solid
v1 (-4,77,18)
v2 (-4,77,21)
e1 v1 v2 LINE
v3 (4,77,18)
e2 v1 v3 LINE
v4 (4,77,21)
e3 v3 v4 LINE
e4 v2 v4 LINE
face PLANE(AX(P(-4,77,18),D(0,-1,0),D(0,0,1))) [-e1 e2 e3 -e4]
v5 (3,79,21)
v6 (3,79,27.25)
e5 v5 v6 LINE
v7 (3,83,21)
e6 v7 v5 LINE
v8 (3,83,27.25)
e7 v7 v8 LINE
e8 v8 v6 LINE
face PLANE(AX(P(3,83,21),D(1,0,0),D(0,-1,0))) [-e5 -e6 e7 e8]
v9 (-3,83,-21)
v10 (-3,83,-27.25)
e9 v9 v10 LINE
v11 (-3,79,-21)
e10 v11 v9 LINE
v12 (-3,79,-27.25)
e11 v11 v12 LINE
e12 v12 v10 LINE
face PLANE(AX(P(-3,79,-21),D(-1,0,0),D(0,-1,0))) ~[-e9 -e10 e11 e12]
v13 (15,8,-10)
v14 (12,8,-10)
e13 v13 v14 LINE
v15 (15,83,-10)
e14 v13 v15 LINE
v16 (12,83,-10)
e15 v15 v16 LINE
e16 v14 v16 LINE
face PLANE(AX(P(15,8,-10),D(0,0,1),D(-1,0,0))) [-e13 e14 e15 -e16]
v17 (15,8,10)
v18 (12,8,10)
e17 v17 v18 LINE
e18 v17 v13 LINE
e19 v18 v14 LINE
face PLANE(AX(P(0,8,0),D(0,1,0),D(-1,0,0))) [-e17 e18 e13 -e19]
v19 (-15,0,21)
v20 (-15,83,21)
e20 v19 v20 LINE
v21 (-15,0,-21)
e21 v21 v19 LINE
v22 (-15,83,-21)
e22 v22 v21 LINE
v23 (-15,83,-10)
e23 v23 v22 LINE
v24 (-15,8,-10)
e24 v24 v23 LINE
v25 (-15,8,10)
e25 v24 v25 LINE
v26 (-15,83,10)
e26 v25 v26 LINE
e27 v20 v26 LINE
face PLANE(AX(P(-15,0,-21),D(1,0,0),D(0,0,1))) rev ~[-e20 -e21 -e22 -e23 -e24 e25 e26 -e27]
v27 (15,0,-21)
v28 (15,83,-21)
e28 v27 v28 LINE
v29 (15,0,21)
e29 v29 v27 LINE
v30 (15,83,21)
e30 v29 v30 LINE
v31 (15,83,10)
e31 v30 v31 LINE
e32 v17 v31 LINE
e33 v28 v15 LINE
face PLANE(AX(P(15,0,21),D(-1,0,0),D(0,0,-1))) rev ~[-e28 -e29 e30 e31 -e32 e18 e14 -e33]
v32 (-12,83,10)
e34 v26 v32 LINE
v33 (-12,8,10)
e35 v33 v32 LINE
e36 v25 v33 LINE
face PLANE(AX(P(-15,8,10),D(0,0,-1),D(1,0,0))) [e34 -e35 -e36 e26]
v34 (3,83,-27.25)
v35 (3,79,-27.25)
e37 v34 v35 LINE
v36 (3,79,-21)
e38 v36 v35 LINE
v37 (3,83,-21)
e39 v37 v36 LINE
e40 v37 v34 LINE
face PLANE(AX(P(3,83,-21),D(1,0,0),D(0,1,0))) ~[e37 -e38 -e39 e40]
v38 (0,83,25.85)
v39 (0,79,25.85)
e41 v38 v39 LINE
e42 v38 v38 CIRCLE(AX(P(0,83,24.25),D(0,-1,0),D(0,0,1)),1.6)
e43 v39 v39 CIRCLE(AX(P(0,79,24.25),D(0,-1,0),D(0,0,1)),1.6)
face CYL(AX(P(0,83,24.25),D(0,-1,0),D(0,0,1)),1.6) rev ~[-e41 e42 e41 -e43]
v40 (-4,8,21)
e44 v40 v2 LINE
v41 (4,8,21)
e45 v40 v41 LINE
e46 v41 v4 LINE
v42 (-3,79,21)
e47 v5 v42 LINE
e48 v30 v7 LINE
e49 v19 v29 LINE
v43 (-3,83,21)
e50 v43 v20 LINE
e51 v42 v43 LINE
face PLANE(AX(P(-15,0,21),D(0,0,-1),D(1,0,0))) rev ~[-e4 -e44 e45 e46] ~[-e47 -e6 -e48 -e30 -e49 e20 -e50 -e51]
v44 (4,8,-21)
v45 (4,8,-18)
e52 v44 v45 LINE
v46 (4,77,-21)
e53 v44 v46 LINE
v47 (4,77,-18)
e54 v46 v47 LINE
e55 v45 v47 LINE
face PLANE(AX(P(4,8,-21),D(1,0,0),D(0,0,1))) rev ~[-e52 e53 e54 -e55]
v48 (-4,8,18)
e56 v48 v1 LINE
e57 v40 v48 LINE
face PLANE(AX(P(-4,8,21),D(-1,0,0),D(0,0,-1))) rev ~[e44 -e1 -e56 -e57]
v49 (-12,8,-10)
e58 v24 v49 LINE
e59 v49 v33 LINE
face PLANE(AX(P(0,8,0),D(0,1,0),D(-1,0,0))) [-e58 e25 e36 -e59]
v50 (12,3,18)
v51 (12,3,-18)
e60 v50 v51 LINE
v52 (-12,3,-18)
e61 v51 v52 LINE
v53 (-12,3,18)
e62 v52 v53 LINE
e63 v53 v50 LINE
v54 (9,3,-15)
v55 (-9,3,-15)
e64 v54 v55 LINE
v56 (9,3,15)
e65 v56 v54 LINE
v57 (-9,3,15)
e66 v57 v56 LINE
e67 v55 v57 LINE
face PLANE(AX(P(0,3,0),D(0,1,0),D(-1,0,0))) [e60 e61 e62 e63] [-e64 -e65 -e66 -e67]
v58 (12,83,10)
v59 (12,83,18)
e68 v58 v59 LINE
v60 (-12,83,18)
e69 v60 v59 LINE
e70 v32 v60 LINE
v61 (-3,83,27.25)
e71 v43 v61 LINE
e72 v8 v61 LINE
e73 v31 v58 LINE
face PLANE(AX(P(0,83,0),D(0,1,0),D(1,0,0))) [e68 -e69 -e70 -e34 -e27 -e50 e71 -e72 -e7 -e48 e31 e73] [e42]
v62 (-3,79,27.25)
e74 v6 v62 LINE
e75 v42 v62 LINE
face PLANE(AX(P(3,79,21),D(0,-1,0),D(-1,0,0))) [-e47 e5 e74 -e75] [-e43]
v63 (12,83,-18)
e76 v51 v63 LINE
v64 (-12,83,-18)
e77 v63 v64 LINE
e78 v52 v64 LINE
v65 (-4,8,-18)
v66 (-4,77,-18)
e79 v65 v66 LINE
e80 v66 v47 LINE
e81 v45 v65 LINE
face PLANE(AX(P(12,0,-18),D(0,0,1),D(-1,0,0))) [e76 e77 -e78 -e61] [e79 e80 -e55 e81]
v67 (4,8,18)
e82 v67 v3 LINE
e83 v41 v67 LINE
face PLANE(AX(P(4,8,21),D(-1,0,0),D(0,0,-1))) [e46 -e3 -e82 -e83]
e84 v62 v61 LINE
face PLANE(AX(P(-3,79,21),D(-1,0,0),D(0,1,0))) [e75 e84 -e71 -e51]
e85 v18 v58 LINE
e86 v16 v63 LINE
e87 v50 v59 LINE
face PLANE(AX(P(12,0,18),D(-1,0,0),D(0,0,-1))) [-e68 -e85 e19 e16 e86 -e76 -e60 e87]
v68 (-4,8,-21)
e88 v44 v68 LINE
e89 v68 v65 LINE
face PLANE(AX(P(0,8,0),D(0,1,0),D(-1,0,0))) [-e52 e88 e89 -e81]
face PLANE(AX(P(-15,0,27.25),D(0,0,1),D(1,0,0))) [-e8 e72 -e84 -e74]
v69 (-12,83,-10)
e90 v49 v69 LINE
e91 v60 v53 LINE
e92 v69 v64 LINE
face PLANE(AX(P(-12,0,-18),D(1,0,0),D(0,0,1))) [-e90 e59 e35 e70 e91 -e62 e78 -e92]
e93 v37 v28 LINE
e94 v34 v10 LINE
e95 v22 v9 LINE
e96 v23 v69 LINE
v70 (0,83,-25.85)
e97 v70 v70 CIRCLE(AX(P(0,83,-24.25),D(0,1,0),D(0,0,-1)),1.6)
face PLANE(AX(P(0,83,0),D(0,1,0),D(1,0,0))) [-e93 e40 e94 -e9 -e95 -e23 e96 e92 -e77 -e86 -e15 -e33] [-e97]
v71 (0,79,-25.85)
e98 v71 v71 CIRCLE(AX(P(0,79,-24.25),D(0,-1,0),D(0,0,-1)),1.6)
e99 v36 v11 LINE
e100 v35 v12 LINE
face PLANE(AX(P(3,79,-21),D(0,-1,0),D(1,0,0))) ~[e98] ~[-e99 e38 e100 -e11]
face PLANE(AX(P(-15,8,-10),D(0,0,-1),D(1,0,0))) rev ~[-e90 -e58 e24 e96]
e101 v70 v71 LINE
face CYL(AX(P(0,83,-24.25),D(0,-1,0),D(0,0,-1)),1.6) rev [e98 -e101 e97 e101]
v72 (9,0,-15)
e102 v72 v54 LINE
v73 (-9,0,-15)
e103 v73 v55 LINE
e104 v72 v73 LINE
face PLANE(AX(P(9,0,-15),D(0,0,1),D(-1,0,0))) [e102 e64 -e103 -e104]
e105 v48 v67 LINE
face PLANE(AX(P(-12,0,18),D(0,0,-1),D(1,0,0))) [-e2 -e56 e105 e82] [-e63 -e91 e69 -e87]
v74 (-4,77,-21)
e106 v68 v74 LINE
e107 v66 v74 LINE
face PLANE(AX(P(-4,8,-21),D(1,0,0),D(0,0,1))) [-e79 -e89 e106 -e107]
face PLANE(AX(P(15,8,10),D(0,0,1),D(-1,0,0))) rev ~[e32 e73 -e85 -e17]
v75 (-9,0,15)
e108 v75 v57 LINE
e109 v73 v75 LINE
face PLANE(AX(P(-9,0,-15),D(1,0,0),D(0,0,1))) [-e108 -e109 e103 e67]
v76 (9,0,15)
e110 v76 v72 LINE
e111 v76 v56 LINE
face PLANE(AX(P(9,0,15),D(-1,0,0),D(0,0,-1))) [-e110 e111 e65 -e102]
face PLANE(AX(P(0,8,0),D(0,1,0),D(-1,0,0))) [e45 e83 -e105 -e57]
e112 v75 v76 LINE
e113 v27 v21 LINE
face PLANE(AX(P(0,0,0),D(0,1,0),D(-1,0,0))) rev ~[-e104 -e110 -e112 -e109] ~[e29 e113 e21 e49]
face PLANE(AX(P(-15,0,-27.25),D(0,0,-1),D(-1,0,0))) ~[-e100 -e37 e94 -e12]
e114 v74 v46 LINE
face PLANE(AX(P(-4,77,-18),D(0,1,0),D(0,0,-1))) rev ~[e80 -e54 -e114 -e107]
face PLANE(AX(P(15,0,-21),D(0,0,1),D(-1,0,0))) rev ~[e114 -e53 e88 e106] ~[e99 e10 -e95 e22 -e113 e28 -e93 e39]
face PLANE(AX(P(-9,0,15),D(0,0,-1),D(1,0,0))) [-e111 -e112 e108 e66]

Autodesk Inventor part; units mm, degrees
ref_plane "YZ Plane" through (0, 0, 0) normal (1, 0, 0) x (0, 1, 0)
ref_plane "XZ Plane" through (0, 0, 0) normal (0, 1, 0) x (-1, 0, 0)
ref_plane "XY Plane" through (0, 0, 0) normal (0, 0, 1) x (1, 0, 0)
sketch "Szkic1" plane through (0, 0, 0) normal (0, 1, 0) x (-1, 0, 0)
  line L0 (12, 18) -> (-12, 18)
  line L1 (-12, 18) -> (-12, -18)
  line L2 (-12, -18) -> (12, -18)
  line L3 (12, -18) -> (12, 18)
  line L4 (12, 18) -> (-12, -18) construction
  line L5 (-12, 18) -> (12, -18) construction
  line L6 (15, 21) -> (-15, 21)
  line L7 (-15, 21) -> (-15, -21)
  line L8 (-15, -21) -> (15, -21)
  line L9 (15, -21) -> (15, 21)
  line L10 (15, 21) -> (-15, -21) construction
  line L11 (-15, 21) -> (15, -21) construction
  line L12 (9, 15) -> (-9, 15)
  line L13 (-9, 15) -> (-9, -15)
  line L14 (-9, -15) -> (9, -15)
  line L15 (9, -15) -> (9, 15)
  line L16 (9, 15) -> (-9, -15) construction
  line L17 (-9, 15) -> (9, -15) construction
  point P0 (0, 0)
  dimension "d0" = 24
  dimension "d1" = 36
  dimension "d2" = 42
  dimension "d3" = 30
  dimension "d4" = 18
  dimension "d5" = 30
extrude "Wyciągnięcie proste1" add sketch "Szkic1" along normal blind 3 contours L3 L2 L1 L0
extrude "Wyciągnięcie proste2" add sketch "Szkic1" along normal blind 8 contours L9 L8 L7 L6
sketch "Szkic2" plane through (0, 8, 0) normal (0, 1, 0) x (1, 0, 0)
  line L0 (-15, 21) -> (-15, -21) projected
  line L1 (-12, -18) -> (12, -18) projected
  line L2 (-15, -21) -> (-4, -21)
  line L3 (-4, -21) -> (-4, -18)
  line L4 (-4, -18) -> (-15, -18)
  line L5 (-15, -18) -> (-15, -21)
  line L6 (-12, -18) -> (-15, -18)
  line L7 (-15, -18) -> (-15, -10)
  line L8 (-15, -10) -> (-12, -10)
  line L9 (-12, -10) -> (-12, -18)
  line L10 (-15, -21) -> (-15, -10)
  line L11 (0, 0) -> (-18.1992, 0)
  line L12 (-15, 21) -> (-4, 21)
  line L13 (-4, 21) -> (-4, 18)
  line L14 (-4, 18) -> (-15, 18)
  line L15 (-15, 10) -> (-12, 10)
  line L16 (-12, 10) -> (-12, 18)
  line L17 (4, 18) -> (15, 18)
  line L18 (4, 21) -> (4, 18)
  line L19 (15, 21) -> (4, 21)
  line L20 (15, 21) -> (15, 10)
  line L21 (15, 10) -> (12, 10)
  line L22 (12, 10) -> (12, 18)
  line L23 (12, -10) -> (12, -18)
  line L24 (15, -10) -> (12, -10)
  line L25 (4, -18) -> (15, -18)
  line L26 (15, -21) -> (4, -21)
  line L27 (4, -21) -> (4, -18)
  line L28 (15, -21) -> (15, 21) projected
  line L29 (15, -21) -> (15, -10)
  point P0 (-4, -19.5)
  point P1 (4, 19.5)
  dimension "d10" = 11
  dimension "d11" = 8
  dimension "d12" = 18.1992
  dimension "d15" = 360
extrude "Wyciągnięcie proste3" add sketch "Szkic2" along normal blind 75
sketch "Szkic3" plane through (-4, 8, 21) normal (1, 0, 0) x (0, 0, -1)
  line L0 (0, 75) -> (3, 75) projected
  line L1 (3, -5) -> (3, 75) projected
  line L2 (0, 75) -> (3, 75)
  line L3 (3, 75) -> (3, 69)
  line L4 (3, 69) -> (0, 69)
  line L5 (0, 69) -> (0, 75)
  line L6 (21, 73.1209) -> (21, -14.9491)
  line L7 (0, -8) -> (0, 75) projected
  line L8 (42, 75) -> (39, 75)
  line L9 (39, -5) -> (39, 75)
  line L10 (39, 69) -> (42, 69)
  line L11 (42, 69) -> (42, 75)
  point P0 (21, -8)
  dimension "d19" = 6
  dimension "d20" = 88.0699
  dimension "d21" = 21
extrude "Wyciągnięcie proste4" add sketch "Szkic3" along normal blind 9
sketch "Szkic7" plane through (-15, 0, 21) normal (0, 0, 1) x (1, 0, 0)
  line L0 (27, 83) -> (3, 83) projected
  line L1 (12, 83) -> (18, 83)
  line L2 (18, 83) -> (18, 79)
  line L3 (18, 79) -> (12, 79)
  line L4 (12, 79) -> (12, 83)
  line L5 (19, 8) -> (19, 77) projected
  point P0 (15, 0)
  point P1 (18, 81)
  dimension "d29" = 6
  dimension "d30" = 1
  dimension "d31" = 4
extrude "Wyciągnięcie proste6" add sketch "Szkic7" along normal blind 6.25
mirror "Odbij1" about plane through (0, 0, 0) normal (0, 0, 1) of "Wyciągnięcie proste6"
sketch "Szkic8" plane through (0, 83, 0) normal (0, 1, 0) x (1, 0, 0)
  line L0 (3, -27.25) -> (-3, -27.25) projected
  line L1 (-3, -21) -> (-3, -27.25) projected
  point P0 (0, 0)
  point P1 (0, -24.25)
  dimension "d34" = 3
  dimension "d35" = 3
hole "Otwór1" at (0, 83, 24.25) direction (0, -1, 0) diameter 3.2 end through all
mirror "Odbij2" about plane through (0, 0, 0) normal (0, 0, 1) of "Otwór1"
properties part number "mocowanie-bateria"
